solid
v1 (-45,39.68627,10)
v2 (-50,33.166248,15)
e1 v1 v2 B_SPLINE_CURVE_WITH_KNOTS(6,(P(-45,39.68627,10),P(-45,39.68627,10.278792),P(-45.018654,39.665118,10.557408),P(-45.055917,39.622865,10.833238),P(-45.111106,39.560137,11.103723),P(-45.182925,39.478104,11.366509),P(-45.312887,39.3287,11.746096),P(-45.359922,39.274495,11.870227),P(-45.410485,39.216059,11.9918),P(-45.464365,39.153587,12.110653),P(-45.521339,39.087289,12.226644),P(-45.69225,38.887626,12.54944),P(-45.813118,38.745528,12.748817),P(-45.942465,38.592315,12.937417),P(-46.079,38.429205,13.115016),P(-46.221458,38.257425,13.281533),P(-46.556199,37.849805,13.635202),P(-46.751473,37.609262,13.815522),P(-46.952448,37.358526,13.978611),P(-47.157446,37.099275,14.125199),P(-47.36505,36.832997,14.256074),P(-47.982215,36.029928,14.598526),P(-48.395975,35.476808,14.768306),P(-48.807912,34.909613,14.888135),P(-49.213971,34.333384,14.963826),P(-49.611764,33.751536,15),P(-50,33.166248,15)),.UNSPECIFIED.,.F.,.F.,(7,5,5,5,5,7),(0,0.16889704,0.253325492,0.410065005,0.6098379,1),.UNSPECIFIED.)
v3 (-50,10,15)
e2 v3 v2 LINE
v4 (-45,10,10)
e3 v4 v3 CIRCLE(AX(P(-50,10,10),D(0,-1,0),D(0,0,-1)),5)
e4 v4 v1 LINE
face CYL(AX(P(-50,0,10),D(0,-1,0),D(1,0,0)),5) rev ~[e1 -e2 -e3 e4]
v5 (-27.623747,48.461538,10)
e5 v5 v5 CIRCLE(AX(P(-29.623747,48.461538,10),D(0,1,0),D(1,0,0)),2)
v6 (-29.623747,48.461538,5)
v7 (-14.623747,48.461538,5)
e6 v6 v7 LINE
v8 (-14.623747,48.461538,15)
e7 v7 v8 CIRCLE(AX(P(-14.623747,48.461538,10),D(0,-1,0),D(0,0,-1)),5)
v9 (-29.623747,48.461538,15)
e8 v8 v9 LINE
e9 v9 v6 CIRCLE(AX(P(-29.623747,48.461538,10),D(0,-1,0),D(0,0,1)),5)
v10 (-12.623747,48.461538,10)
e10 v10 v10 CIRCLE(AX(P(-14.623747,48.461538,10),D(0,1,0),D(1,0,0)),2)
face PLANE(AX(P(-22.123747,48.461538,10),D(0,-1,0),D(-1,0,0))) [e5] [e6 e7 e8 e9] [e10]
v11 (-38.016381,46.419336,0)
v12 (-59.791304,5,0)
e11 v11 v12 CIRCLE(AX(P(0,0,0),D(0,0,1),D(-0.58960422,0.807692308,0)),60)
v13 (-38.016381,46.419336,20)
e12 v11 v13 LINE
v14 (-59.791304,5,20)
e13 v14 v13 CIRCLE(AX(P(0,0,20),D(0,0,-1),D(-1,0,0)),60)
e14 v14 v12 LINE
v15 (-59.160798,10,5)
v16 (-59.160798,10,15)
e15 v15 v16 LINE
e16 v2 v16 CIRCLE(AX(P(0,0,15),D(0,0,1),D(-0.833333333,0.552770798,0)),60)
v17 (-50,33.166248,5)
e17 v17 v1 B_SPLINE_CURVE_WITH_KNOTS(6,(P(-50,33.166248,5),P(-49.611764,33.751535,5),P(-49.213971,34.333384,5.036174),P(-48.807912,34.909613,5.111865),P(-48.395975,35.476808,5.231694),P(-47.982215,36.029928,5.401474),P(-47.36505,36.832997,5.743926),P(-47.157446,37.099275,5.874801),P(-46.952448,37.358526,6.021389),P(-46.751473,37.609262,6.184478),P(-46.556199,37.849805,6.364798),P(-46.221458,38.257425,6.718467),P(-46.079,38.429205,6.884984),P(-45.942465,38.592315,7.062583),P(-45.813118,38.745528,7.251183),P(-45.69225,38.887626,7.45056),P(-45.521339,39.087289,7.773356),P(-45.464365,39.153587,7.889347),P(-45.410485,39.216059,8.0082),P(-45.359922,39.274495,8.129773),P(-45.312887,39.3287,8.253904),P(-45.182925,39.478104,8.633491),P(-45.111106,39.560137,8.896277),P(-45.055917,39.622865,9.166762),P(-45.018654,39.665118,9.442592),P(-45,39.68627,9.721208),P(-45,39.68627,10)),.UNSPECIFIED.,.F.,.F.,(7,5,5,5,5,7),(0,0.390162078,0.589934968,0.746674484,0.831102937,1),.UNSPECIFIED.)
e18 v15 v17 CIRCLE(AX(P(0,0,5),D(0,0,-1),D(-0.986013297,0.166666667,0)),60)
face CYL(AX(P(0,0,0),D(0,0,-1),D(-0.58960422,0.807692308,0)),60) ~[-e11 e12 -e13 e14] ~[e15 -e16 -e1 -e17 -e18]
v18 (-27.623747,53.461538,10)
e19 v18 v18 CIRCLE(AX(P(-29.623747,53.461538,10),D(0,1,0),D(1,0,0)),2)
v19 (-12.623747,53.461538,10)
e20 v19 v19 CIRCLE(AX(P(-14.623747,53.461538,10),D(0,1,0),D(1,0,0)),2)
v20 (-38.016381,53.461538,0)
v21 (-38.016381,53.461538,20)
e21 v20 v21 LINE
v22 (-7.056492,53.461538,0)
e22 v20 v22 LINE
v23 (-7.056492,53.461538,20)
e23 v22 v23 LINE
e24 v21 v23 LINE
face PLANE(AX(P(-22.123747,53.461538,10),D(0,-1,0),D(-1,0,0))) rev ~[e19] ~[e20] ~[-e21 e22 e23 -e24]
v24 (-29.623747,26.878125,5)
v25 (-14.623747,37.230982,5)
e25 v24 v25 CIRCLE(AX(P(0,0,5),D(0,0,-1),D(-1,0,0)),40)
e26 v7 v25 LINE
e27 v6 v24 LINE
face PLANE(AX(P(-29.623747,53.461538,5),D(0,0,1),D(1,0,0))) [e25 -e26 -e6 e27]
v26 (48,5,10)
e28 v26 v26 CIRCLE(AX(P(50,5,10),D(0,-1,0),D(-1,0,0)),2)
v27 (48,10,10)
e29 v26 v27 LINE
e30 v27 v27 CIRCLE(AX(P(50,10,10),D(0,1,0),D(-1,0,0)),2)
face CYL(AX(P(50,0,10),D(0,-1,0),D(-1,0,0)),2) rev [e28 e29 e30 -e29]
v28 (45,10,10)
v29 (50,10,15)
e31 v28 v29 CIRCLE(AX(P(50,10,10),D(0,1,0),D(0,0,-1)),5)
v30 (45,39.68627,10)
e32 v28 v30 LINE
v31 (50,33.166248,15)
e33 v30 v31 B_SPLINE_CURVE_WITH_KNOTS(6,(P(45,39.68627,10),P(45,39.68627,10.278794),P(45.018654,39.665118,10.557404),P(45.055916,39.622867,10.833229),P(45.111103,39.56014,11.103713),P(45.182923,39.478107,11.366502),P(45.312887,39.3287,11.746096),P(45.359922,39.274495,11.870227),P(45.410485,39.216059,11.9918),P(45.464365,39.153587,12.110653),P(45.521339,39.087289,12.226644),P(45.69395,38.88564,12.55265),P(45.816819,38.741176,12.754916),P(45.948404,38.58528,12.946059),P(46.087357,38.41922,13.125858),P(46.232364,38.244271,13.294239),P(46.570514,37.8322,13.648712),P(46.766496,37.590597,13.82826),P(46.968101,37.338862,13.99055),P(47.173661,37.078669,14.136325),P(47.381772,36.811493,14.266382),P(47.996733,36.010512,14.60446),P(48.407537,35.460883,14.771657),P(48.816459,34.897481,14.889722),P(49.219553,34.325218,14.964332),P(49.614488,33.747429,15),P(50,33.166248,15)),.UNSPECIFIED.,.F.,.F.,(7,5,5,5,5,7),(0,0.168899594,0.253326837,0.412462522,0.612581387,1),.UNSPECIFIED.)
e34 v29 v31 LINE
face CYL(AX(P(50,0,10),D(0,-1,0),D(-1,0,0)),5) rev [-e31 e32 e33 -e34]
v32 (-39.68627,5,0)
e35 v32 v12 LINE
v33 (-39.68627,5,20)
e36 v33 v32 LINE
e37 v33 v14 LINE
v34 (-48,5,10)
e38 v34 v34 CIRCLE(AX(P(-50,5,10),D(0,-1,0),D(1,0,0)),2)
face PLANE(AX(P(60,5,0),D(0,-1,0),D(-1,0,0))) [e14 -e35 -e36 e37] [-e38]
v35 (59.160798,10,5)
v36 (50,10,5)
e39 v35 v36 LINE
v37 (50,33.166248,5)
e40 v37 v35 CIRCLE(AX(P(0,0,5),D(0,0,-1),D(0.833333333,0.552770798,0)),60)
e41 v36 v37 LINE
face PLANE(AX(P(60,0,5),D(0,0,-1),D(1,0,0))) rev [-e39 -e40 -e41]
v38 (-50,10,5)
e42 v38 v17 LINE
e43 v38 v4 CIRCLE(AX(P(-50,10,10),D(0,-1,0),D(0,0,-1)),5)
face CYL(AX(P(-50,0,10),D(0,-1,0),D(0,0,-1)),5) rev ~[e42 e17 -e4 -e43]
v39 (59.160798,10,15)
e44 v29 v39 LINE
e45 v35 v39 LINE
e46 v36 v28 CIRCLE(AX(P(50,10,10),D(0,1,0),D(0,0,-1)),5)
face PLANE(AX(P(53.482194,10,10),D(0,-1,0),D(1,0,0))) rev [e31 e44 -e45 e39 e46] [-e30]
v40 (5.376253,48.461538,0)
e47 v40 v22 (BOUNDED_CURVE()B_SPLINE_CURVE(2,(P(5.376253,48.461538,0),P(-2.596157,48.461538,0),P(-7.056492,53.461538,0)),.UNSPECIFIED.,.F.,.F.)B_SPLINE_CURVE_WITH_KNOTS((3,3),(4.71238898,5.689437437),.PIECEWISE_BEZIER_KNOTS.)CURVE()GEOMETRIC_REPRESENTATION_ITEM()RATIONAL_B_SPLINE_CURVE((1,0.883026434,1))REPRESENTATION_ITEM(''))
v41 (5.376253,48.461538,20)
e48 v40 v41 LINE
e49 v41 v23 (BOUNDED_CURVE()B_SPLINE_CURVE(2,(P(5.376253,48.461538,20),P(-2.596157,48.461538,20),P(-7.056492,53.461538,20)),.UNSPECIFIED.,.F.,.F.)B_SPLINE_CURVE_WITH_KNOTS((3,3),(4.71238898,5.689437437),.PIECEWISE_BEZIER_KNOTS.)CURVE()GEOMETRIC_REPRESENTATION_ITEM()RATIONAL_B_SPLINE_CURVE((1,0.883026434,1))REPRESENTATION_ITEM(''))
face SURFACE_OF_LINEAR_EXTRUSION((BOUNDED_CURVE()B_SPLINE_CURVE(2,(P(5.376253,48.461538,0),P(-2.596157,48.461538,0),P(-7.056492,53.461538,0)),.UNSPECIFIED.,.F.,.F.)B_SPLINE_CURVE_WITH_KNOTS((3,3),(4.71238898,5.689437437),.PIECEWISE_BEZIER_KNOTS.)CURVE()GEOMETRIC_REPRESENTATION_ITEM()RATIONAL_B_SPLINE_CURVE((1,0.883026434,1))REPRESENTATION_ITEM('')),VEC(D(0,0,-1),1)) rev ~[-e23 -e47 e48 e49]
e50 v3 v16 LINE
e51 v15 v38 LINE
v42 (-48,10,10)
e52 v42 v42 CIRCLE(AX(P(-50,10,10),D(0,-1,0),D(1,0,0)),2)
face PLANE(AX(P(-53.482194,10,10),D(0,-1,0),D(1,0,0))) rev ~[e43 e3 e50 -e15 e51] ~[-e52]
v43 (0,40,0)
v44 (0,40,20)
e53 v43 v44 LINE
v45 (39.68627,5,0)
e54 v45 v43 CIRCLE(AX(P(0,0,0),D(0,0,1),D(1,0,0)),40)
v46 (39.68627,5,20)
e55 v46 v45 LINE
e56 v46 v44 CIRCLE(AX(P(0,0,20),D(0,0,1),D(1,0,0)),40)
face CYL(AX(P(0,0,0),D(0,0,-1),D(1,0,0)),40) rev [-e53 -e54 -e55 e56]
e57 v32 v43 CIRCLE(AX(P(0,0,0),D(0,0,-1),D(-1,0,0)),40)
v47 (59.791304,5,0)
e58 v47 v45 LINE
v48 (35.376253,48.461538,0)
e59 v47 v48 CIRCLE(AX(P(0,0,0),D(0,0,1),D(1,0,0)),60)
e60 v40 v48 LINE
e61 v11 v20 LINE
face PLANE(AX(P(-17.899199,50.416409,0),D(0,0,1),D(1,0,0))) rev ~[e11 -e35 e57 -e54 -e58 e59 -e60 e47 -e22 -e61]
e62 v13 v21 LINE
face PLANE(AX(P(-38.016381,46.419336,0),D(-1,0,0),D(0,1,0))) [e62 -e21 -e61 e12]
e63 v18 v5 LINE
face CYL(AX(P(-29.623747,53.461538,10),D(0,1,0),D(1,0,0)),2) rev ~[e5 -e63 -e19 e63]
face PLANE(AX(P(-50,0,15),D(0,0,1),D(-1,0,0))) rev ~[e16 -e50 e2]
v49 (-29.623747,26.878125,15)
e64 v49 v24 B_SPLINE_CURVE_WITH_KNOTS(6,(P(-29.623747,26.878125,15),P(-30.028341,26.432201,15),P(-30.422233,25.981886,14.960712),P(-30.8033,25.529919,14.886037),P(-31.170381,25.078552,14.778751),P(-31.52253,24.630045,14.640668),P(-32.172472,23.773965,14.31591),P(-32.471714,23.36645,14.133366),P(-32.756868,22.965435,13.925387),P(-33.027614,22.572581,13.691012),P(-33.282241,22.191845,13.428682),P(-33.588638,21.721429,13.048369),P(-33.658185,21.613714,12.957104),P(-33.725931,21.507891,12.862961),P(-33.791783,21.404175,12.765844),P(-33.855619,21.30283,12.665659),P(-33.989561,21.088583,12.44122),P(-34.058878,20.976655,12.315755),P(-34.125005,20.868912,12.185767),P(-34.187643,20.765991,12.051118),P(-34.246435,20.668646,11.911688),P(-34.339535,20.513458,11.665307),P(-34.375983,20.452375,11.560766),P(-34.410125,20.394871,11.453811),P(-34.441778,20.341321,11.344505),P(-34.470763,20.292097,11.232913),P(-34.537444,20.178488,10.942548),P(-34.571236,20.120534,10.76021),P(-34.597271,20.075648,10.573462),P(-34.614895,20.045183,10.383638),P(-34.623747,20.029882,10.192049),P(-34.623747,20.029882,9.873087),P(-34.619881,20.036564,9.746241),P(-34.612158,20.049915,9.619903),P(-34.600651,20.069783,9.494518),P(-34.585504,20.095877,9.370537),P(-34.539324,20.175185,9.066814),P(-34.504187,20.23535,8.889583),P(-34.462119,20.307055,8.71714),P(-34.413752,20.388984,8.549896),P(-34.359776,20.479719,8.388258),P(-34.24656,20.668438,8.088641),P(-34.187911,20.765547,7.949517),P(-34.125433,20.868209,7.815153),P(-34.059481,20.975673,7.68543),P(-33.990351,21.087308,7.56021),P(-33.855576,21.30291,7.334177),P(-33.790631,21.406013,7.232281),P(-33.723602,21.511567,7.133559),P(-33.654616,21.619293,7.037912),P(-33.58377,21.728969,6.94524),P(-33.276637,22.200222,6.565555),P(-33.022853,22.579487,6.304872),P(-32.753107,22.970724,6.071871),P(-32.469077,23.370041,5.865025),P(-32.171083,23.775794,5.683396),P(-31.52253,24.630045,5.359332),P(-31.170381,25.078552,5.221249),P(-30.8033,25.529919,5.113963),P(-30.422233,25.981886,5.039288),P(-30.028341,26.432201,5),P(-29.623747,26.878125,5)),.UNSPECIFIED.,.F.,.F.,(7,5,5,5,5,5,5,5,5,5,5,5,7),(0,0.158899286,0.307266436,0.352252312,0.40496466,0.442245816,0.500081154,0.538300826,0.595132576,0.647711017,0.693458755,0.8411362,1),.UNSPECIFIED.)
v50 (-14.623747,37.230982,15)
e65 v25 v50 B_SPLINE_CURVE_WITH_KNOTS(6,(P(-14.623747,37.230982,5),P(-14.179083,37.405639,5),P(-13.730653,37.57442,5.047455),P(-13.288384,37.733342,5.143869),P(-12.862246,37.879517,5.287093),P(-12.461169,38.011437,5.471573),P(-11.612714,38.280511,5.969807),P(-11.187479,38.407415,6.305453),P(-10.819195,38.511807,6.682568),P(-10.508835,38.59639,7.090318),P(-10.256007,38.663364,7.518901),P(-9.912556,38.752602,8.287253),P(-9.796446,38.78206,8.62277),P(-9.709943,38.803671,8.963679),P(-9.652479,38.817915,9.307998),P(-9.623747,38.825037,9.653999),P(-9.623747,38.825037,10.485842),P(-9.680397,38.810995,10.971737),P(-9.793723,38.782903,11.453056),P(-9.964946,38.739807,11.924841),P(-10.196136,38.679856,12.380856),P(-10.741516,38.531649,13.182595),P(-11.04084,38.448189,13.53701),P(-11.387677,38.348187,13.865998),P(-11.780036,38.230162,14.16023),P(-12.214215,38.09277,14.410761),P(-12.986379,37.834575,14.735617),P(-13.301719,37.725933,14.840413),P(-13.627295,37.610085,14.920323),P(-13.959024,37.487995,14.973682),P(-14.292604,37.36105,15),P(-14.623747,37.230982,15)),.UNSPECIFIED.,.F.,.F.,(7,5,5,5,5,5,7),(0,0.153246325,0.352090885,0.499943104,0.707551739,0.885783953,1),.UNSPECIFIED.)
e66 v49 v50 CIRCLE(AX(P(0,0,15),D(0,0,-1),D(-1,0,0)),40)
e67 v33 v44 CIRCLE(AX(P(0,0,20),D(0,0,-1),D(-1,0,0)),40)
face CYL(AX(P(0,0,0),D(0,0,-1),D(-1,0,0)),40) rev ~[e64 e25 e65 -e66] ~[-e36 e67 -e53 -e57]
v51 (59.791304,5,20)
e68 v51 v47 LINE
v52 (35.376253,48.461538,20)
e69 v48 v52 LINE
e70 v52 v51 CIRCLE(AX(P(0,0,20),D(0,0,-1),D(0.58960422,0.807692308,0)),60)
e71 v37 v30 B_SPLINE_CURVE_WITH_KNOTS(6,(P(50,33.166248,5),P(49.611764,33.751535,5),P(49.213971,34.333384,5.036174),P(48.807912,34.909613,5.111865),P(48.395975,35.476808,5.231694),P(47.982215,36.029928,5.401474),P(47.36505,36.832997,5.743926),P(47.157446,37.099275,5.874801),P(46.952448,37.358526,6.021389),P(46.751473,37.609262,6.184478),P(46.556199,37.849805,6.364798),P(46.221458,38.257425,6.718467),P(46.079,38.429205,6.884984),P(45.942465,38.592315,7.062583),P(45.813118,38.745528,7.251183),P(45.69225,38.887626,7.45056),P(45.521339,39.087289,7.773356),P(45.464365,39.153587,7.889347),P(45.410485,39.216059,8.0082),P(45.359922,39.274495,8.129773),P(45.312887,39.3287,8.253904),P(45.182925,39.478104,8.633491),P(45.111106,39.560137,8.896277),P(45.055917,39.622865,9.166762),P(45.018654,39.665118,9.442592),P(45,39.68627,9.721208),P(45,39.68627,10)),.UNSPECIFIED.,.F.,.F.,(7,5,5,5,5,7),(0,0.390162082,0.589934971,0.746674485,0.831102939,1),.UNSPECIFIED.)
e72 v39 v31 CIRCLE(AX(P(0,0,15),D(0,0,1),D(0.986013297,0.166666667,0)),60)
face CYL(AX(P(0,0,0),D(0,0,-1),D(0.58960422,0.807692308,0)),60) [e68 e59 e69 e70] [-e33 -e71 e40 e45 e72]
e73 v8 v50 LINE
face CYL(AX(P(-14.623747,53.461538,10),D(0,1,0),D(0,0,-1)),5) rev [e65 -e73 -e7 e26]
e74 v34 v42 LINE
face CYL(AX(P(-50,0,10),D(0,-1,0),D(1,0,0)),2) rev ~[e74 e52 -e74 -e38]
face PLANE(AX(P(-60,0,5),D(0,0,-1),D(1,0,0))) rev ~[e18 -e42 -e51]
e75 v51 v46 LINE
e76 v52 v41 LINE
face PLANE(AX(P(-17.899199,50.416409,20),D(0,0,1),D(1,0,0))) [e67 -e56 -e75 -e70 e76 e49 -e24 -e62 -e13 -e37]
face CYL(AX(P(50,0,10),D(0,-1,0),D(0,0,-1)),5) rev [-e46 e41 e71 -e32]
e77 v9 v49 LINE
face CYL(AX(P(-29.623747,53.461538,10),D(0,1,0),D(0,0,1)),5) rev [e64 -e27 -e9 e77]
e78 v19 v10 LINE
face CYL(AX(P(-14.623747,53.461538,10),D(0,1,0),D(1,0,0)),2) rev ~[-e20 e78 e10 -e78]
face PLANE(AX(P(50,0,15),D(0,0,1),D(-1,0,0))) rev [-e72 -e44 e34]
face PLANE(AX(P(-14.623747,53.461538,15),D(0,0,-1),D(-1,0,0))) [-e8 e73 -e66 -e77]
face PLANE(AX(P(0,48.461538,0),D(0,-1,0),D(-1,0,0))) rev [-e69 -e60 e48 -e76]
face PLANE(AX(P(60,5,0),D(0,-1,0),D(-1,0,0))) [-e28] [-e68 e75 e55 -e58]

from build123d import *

# Parameters (mm, degrees)
BOSS_EXTRUDE1_DEPTH = 20
SKETCH2_R           = 2.25
CUT_EXTRUDE1_DEPTH  = 79
CUT_EXTRUDE4_DEPTH  = 59
SKETCH7_R           = 2
BOSS_EXTRUDE3_DEPTH = 10
CUT_EXTRUDE5_DEPTH  = 23
BOSS_EXTRUDE2_DEPTH = 20
SKETCH4_R           = 2.25
CUT_EXTRUDE2_DEPTH  = 30
CUT_EXTRUDE6_DEPTH  = 36
SKETCH10_R          = 2
BOSS_EXTRUDE4_DEPTH = 5
SKETCH12_W          = 120
SKETCH12_H          = 5
CUT_EXTRUDE7_DEPTH  = 20


with BuildPart() as part:
    # Sketch1 → Boss-Extrude1 (new body)
    with BuildSketch(Plane.XY):
        with BuildLine():
            Line((-60, 0), (-40, 0))
            ThreePointArc((-40, 0), (-28.284271247, 28.284271247), (0, 40))
            Line((0, 40), (0, 48.461538462))
            Line((0, 48.461538462), (-35.376253193, 48.461538462))
            ThreePointArc((-35.376253193, 48.461538462), (-53.491004812, 27.179264233), (-60, 0))
        make_face()
    boss_extrude1 = extrude(amount=BOSS_EXTRUDE1_DEPTH)

    # Sketch2 → Cut-Extrude1 (cut)
    with BuildSketch(Plane.XZ):
        with Locations((-50, 10)):
            Circle(SKETCH2_R)
    cut_extrude1 = extrude(amount=-CUT_EXTRUDE1_DEPTH, mode=Mode.SUBTRACT)

    # Sketch6 → Cut-Extrude4 (cut)
    with BuildSketch(Plane.XZ):
        with BuildLine():
            Line((-60, 5), (-50, 5))
            ThreePointArc((-50, 5), (-55, 10), (-50, 15))
            Line((-50, 15), (-60, 15))
            Line((-60, 15), (-60, 5))
        make_face()
        with BuildLine():
            ThreePointArc((-50, 15), (-55, 10), (-50, 5))
            Line((-50, 5), (-50, 7.75))
            ThreePointArc((-50, 7.75), (-52.25, 10), (-50, 12.25))
            Line((-50, 12.25), (-50, 15))
        make_face()
        with BuildLine():
            Line((-50, 7.75), (-50, 5))
            ThreePointArc((-50, 5), (-46.464466094, 6.464466094), (-45, 10))
            ThreePointArc((-45, 10), (-46.464466094, 13.535533906), (-50, 15))
            Line((-50, 15), (-50, 12.25))
            ThreePointArc((-50, 12.25), (-48.409009742, 11.590990258), (-47.75, 10))
            ThreePointArc((-47.75, 10), (-48.409009742, 8.409009742), (-50, 7.75))
        make_face()
    cut_extrude4 = extrude(amount=-CUT_EXTRUDE4_DEPTH, mode=Mode.SUBTRACT)

    # Sketch7 → Boss-Extrude3 (add)
    with BuildSketch(Plane.XZ):
        with BuildLine():
            Line((-50, 15), (-60, 15))
            Line((-60, 15), (-60, 5))
            Line((-60, 5), (-50, 5))
            ThreePointArc((-50, 5), (-45, 10), (-50, 15))
        make_face()
        with Locations((-50, 10)):
            Circle(SKETCH7_R, mode=Mode.SUBTRACT)
    boss_extrude3 = extrude(amount=-BOSS_EXTRUDE3_DEPTH)

    # Sketch8 → Cut-Extrude5 (cut)
    with BuildSketch(Plane.XY.offset(20)):
        with BuildLine():
            Line((-64.996039314, 0), (-60, 0))
            ThreePointArc((-60, 0), (-59.578019695, 7.10348993), (-58.31801436, 14.107062099))
            Line((-58.31801436, 14.107062099), (-63.173999234, 15.28171938))
            ThreePointArc((-63.173999234, 15.28171938), (-64.538921839, 7.694978513), (-64.996039314, 0))
        make_face()
    cut_extrude5 = extrude(amount=-CUT_EXTRUDE5_DEPTH, mode=Mode.SUBTRACT)

    # Mirror1: Boss-Extrude1, Cut-Extrude1, Cut-Extrude4, Boss-Extrude3, Cut-Extrude5 across plane
    add(boss_extrude1.mirror(Plane(origin=(0, 0, 20), x_dir=(0, 0, 1), z_dir=(1, 0, 0))))
    add(cut_extrude1.mirror(Plane(origin=(0, 0, 20), x_dir=(0, 0, 1), z_dir=(1, 0, 0))), mode=Mode.SUBTRACT)
    add(cut_extrude4.mirror(Plane(origin=(0, 0, 20), x_dir=(0, 0, 1), z_dir=(1, 0, 0))), mode=Mode.SUBTRACT)
    add(boss_extrude3.mirror(Plane(origin=(0, 0, 20), x_dir=(0, 0, 1), z_dir=(1, 0, 0))))
    add(cut_extrude5.mirror(Plane(origin=(0, 0, 20), x_dir=(0, 0, 1), z_dir=(1, 0, 0))), mode=Mode.SUBTRACT)

    # Sketch3 → Boss-Extrude2 (add)
    with BuildSketch(Plane(origin=(0, 0, 0), x_dir=(-1, 0, 0), z_dir=(0, 0, -1))):
        with BuildLine():
            add(Edge.make_bspline(
                [(-5.376253193, 48.461538462), (2.596156859, 48.461538462), (7.056491998, 53.461538462)],
                knots=[4.71238898, 4.71238898, 4.71238898, 5.689437437, 5.689437437, 5.689437437], degree=2, weights=[1, 0.883026434, 1]))
            Line((-5.376253193, 48.461538462), (35.376253193, 48.461538462))
            ThreePointArc((35.376253193, 48.461538462), (36.710520922, 47.458799538), (38.016381278, 46.419335998))
            Line((38.016381278, 46.419335998), (38.016381278, 53.461538462))
            Line((38.016381278, 53.461538462), (7.056491998, 53.461538462))
        make_face()
    extrude(amount=-BOSS_EXTRUDE2_DEPTH)

    # Sketch4 → Cut-Extrude2 (cut)
    with BuildSketch(Plane(origin=(0, 53.461538462, 0), x_dir=(1, 0, 0), z_dir=(0, 1, 0))):
        with Locations((-29.623746807, -10)):
            Circle(SKETCH4_R)
        with Locations((-14.623746807, -10)):
            Circle(SKETCH4_R)
    extrude(amount=-CUT_EXTRUDE2_DEPTH, mode=Mode.SUBTRACT)

    # Sketch9 → Cut-Extrude6 (cut)
    with BuildSketch(Plane(origin=(0, 53.461538462, 0), x_dir=(1, 0, 0), z_dir=(0, 1, 0))):
        with BuildLine():
            Line((-29.623746807, -5), (-14.623746807, -5))
            ThreePointArc((-14.623746807, -5), (-9.623746807, -10), (-14.623746807, -15))
            Line((-14.623746807, -15), (-29.623746807, -15))
            ThreePointArc((-29.623746807, -15), (-34.623746807, -10), (-29.623746807, -5))
        make_face()
    extrude(amount=-CUT_EXTRUDE6_DEPTH, mode=Mode.SUBTRACT)

    # Sketch10 → Boss-Extrude4 (add)
    with BuildSketch(Plane(origin=(0, 53.461538462, 0), x_dir=(1, 0, 0), z_dir=(0, 1, 0))):
        with BuildLine():
            Line((-29.623746807, -5), (-14.623746807, -5))
            ThreePointArc((-14.623746807, -5), (-9.623746807, -10), (-14.623746807, -15))
            Line((-14.623746807, -15), (-29.623746807, -15))
            ThreePointArc((-29.623746807, -15), (-34.623746807, -10), (-29.623746807, -5))
        make_face()
        with Locations((-29.623746807, -10)):
            Circle(SKETCH10_R, mode=Mode.SUBTRACT)
        with Locations((-14.623746807, -10)):
            Circle(SKETCH10_R, mode=Mode.SUBTRACT)
    extrude(amount=-BOSS_EXTRUDE4_DEPTH)

    # Sketch12 → Cut-Extrude7 (cut)
    with BuildSketch(Plane(origin=(0, 0, 0), x_dir=(-1, 0, 0), z_dir=(0, 0, -1))):
        with Locations((0, 2.5)):
            Rectangle(SKETCH12_W, SKETCH12_H)
    extrude(amount=-CUT_EXTRUDE7_DEPTH, mode=Mode.SUBTRACT)


solid = part.part
